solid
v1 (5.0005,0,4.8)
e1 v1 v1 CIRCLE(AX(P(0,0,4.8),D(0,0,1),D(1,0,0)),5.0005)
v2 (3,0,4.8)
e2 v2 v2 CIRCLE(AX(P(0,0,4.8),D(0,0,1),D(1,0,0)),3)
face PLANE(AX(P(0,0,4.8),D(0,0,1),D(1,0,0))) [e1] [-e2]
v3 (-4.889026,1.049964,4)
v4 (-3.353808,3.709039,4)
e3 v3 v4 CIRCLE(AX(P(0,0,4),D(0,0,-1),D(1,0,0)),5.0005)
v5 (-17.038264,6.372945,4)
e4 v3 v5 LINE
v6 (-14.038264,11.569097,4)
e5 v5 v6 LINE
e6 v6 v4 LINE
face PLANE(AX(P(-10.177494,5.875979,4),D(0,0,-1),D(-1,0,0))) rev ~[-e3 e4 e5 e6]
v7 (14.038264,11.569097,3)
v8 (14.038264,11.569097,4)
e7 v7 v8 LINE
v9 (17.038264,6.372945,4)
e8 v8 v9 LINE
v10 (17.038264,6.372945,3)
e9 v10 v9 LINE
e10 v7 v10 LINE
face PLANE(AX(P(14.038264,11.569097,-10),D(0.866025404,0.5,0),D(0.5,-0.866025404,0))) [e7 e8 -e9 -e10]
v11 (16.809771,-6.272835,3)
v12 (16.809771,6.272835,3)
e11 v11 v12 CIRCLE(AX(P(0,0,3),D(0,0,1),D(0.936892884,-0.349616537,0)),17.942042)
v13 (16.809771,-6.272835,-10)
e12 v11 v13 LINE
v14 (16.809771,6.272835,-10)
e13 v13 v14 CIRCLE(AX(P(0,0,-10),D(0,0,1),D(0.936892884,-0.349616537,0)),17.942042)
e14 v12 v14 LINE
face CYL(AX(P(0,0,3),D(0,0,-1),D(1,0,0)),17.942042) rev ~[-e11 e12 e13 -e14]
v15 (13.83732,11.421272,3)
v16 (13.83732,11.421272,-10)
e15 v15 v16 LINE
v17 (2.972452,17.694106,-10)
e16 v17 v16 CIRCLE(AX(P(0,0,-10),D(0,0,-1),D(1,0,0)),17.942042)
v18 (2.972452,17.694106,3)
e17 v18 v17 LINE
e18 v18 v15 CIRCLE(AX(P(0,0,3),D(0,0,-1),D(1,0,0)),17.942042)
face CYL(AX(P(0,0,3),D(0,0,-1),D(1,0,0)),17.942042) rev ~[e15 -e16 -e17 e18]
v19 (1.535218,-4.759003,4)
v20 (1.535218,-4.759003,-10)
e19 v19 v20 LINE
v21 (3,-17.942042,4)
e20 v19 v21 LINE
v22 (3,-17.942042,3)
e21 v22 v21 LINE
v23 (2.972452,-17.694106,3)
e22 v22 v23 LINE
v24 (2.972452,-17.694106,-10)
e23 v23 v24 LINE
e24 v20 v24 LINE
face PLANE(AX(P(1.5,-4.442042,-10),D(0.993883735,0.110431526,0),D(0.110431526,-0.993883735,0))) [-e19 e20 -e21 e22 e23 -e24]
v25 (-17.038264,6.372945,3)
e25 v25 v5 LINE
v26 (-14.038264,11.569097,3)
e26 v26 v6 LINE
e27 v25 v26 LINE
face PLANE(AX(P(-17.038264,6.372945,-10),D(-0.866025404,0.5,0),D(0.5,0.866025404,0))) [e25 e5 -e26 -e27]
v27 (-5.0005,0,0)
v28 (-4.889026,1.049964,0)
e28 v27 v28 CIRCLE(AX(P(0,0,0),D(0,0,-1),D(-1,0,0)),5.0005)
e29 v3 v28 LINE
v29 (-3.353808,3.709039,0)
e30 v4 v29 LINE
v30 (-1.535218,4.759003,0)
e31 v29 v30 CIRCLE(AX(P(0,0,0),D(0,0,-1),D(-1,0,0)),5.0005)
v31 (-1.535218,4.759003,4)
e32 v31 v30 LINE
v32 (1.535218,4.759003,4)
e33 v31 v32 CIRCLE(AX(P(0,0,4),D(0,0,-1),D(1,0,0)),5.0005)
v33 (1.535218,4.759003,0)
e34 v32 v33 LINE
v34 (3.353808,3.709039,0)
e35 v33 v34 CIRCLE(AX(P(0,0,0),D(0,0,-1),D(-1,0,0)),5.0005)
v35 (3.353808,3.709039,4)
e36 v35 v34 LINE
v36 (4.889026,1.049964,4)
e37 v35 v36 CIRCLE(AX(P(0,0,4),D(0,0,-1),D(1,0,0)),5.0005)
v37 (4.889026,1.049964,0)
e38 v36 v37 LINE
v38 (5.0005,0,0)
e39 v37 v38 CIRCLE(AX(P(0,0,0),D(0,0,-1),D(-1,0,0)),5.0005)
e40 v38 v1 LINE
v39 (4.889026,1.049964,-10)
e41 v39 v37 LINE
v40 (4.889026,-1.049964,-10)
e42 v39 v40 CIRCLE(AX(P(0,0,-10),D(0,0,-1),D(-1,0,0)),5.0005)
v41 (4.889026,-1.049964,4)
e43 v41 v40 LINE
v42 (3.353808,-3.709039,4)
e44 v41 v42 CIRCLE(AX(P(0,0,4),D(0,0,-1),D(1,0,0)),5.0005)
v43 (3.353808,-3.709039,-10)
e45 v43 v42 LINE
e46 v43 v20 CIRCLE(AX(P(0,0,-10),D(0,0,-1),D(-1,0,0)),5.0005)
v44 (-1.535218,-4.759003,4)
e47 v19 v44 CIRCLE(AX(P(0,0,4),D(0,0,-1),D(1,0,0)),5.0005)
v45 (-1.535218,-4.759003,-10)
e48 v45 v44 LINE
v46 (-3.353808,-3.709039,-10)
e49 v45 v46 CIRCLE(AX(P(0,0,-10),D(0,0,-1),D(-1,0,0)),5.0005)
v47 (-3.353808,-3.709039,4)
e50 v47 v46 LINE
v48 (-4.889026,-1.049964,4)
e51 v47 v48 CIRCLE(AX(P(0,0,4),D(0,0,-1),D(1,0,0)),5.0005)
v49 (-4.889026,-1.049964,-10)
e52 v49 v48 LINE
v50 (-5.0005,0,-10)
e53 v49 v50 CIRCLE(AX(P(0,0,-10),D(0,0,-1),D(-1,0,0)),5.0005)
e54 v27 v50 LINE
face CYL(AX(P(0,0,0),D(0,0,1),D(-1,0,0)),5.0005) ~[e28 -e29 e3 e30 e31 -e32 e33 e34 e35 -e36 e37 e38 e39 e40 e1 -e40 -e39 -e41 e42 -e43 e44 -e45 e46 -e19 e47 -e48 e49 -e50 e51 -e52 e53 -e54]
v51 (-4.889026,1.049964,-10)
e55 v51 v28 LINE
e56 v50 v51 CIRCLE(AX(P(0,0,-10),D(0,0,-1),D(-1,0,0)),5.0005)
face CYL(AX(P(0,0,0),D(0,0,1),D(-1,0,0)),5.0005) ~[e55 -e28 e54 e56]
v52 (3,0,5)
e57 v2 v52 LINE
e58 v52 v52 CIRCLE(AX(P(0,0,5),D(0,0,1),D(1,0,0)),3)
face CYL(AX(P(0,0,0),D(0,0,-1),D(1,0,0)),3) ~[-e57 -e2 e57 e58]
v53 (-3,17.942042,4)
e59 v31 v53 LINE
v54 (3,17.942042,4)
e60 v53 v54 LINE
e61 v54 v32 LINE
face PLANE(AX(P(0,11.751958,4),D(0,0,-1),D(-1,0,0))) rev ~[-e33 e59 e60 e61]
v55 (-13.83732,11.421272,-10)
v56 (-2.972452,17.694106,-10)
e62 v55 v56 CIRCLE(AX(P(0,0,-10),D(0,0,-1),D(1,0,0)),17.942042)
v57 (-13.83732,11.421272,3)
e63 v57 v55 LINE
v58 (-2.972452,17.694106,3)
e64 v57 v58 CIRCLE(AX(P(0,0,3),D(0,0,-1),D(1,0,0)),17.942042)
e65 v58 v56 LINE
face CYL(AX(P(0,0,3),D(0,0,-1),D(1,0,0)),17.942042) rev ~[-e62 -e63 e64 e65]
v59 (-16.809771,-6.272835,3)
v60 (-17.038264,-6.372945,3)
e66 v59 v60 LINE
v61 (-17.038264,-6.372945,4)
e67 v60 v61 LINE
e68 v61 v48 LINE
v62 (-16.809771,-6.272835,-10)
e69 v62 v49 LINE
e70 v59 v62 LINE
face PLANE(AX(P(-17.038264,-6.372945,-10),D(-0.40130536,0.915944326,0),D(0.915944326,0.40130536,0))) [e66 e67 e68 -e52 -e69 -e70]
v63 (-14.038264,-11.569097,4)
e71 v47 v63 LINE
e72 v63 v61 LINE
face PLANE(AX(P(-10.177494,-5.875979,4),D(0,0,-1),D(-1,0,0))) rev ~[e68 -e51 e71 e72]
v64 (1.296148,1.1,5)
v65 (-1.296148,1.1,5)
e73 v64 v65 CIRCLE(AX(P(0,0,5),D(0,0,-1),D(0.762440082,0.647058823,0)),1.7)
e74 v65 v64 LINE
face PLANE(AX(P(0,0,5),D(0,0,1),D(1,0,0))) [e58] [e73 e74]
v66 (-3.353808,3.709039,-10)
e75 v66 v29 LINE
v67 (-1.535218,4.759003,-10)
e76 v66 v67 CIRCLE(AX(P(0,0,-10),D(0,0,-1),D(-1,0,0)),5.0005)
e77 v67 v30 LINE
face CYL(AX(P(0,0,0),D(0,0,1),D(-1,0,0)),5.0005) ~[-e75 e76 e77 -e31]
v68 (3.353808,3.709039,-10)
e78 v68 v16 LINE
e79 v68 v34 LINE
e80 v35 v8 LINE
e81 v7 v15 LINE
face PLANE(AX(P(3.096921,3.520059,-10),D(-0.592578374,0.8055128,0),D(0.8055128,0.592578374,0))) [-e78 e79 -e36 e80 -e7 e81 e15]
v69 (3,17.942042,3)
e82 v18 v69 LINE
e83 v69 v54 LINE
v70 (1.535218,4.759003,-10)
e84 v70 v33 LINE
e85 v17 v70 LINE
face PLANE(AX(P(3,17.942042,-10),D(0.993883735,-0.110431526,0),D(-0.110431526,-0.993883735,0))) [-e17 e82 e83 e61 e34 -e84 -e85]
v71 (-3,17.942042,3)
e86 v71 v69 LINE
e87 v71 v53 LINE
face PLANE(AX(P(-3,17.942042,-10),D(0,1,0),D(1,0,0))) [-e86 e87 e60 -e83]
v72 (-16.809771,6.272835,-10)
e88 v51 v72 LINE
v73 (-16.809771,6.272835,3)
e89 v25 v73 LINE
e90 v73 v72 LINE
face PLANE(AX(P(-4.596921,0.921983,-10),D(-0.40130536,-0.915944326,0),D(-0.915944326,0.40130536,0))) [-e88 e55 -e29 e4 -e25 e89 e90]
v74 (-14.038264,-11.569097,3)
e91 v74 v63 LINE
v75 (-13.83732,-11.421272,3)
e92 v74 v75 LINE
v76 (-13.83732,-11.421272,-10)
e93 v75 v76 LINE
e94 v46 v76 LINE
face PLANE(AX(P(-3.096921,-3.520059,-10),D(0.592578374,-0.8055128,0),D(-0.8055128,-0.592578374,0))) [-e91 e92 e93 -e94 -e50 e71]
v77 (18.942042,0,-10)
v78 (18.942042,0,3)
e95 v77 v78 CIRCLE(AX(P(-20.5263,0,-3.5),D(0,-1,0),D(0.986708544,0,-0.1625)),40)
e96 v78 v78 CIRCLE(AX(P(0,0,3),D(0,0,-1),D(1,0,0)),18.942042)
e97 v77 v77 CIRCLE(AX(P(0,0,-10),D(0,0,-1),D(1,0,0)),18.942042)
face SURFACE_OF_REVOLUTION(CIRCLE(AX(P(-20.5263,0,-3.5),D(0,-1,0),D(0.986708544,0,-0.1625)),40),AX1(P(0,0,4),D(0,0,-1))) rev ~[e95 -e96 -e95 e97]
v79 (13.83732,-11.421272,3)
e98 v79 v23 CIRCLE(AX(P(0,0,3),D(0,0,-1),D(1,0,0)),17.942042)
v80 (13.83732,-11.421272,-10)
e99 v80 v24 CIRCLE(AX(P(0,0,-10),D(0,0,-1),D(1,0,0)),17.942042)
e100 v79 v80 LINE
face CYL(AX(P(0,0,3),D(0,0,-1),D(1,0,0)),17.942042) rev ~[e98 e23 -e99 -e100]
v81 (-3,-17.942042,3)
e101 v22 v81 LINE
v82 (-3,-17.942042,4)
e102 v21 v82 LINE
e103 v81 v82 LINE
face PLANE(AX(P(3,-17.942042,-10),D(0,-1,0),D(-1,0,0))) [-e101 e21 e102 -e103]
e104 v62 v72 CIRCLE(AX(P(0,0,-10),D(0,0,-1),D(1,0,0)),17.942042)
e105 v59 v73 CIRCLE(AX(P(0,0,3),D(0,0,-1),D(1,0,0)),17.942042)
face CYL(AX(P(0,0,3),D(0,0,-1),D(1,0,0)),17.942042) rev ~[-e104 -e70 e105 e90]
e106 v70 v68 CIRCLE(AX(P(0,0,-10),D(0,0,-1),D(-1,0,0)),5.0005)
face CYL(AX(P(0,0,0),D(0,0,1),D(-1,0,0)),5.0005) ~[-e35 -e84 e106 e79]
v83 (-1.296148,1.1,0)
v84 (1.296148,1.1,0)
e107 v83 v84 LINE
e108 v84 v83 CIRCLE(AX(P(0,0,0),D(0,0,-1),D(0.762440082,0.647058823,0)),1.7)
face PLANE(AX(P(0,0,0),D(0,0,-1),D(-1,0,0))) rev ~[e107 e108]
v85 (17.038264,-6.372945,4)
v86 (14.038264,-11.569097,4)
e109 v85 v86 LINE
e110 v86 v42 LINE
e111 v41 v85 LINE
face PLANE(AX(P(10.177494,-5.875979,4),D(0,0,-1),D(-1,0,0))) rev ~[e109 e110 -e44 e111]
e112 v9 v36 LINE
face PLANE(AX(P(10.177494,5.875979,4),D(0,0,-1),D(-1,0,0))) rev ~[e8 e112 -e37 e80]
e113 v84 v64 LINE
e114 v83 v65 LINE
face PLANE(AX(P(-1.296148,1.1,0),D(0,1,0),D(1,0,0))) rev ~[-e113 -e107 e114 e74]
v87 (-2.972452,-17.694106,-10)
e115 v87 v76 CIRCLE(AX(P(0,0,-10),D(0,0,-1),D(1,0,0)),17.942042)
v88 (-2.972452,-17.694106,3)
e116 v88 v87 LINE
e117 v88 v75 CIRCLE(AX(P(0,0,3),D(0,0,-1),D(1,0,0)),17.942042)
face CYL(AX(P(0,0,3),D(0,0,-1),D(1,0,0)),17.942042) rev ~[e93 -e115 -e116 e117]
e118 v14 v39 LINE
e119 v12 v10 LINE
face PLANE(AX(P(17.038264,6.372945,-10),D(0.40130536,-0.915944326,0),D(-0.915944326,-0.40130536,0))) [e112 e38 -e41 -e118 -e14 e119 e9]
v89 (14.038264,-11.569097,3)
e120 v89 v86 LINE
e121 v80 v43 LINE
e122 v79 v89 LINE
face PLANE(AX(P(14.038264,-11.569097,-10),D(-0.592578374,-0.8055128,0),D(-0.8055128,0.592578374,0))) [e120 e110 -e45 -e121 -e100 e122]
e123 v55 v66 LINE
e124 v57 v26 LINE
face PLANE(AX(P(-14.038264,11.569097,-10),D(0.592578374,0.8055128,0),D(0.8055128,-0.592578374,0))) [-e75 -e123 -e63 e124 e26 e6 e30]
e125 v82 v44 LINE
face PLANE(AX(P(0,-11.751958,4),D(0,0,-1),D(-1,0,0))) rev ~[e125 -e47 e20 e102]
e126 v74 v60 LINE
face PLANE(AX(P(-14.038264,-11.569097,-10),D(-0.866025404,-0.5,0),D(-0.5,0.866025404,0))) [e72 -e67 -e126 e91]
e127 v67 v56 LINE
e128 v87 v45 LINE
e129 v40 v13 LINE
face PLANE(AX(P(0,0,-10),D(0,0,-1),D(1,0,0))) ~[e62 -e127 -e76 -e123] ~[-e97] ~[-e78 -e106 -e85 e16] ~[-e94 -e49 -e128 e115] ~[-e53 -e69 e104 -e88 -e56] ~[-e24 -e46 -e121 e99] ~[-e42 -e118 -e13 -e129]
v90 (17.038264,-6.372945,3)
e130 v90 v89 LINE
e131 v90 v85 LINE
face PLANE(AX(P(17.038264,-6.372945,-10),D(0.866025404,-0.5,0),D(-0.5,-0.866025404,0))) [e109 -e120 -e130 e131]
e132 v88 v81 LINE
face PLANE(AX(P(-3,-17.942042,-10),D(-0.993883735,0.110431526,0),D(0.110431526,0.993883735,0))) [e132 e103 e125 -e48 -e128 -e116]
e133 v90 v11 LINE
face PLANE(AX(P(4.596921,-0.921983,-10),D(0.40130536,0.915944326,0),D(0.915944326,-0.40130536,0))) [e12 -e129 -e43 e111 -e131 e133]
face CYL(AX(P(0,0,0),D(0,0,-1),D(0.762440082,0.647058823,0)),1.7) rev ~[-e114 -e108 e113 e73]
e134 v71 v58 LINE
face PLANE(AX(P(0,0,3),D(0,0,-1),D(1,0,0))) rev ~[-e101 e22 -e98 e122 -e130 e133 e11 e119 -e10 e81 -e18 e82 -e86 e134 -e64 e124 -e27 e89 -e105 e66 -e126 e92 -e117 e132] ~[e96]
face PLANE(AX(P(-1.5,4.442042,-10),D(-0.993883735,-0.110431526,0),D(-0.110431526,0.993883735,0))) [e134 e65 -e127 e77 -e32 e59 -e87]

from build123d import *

# Parameters (mm, degrees)
CROQUIS1_R              = 3
SALIENTE_EXTRUIR1_DEPTH = 5
CROQUIS2_R              = 5.000500025
SALIENTE_EXTRUIR2_DEPTH = 10
CROQUIS3_R              = 5.000500025
CROQUIS3_R_2            = 3
SALIENTE_EXTRUIR3_DEPTH = 4.8
SALIENTE_EXTRUIR4_DEPTH = 14


with BuildPart() as part:
    # Croquis1 → Saliente-Extruir1 (new body)
    with BuildSketch(Plane.XY):
        Circle(CROQUIS1_R)
        with BuildLine():
            Line((-1.29614814, 1.1), (1.29614814, 1.1))
            ThreePointArc((1.29614814, 1.1), (0, -1.7), (-1.29614814, 1.1))
        make_face(mode=Mode.SUBTRACT)
    extrude(amount=SALIENTE_EXTRUIR1_DEPTH)

    # Croquis2 → Saliente-Extruir2 (add)
    with BuildSketch(Plane(origin=(0, 0, 0), x_dir=(-1, 0, 0), z_dir=(0, 0, -1))):
        Circle(CROQUIS2_R)
    extrude(amount=SALIENTE_EXTRUIR2_DEPTH)

    # Croquis3 → Saliente-Extruir3 (add)
    with BuildSketch(Plane.XY):
        Circle(CROQUIS3_R)
        Circle(CROQUIS3_R_2, mode=Mode.SUBTRACT)
    extrude(amount=SALIENTE_EXTRUIR3_DEPTH)

    # Croquis4 → Saliente-Extruir4 (add)
    with BuildSketch(Plane(origin=(0, 0, -10), x_dir=(-1, 0, 0), z_dir=(0, 0, -1))):
        Polygon((-1.5, 4.442041839), (1.5, 4.442041839), (3, 17.942041839), (-3, 17.942041839), align=None)
        Polygon((17.038264028, 6.372944708), (14.038264028, 11.569097131), (3.096921077, 3.520059025), (4.596921077, 0.921982814), align=None)
        Polygon((14.038264028, -11.569097131), (17.038264028, -6.372944708), (4.596921077, -0.921982814), (3.096921077, -3.520059025), align=None)
        Polygon((-3, -17.942041839), (3, -17.942041839), (1.5, -4.442041839), (-1.5, -4.442041839), align=None)
        Polygon((-17.038264028, -6.372944708), (-14.038264028, -11.569097131), (-3.096921077, -3.520059025), (-4.596921077, -0.921982814), align=None)
        Polygon((-14.038264028, 11.569097131), (-17.038264028, 6.372944708), (-4.596921077, 0.921982814), (-3.096921077, 3.520059025), align=None)
    extrude(amount=-SALIENTE_EXTRUIR4_DEPTH)

    # Croquis6 → Revolución2 (revolve)
    with BuildSketch(Plane(origin=(0, 0, 0), x_dir=(0, 0, -1), z_dir=(1, 0, 0)), mode=Mode.PRIVATE) as revoluci_n2_sk:
        with BuildLine():
            Line((10, 17.942041839), (10, 18.942041839))
            ThreePointArc((10, 18.942041839), (3.5, 19.473700095), (-3, 18.942041839))
            Line((-3, 18.942041839), (-3, 17.942041839))
            Line((-3, 17.942041839), (10, 17.942041839))
        make_face()
    revolve(revoluci_n2_sk.sketch.rotate(Axis((0, 0, 4), (0, 0, -1)), 90), axis=Axis((0, 0, 4), (0, 0, -1)))


solid = part.part
